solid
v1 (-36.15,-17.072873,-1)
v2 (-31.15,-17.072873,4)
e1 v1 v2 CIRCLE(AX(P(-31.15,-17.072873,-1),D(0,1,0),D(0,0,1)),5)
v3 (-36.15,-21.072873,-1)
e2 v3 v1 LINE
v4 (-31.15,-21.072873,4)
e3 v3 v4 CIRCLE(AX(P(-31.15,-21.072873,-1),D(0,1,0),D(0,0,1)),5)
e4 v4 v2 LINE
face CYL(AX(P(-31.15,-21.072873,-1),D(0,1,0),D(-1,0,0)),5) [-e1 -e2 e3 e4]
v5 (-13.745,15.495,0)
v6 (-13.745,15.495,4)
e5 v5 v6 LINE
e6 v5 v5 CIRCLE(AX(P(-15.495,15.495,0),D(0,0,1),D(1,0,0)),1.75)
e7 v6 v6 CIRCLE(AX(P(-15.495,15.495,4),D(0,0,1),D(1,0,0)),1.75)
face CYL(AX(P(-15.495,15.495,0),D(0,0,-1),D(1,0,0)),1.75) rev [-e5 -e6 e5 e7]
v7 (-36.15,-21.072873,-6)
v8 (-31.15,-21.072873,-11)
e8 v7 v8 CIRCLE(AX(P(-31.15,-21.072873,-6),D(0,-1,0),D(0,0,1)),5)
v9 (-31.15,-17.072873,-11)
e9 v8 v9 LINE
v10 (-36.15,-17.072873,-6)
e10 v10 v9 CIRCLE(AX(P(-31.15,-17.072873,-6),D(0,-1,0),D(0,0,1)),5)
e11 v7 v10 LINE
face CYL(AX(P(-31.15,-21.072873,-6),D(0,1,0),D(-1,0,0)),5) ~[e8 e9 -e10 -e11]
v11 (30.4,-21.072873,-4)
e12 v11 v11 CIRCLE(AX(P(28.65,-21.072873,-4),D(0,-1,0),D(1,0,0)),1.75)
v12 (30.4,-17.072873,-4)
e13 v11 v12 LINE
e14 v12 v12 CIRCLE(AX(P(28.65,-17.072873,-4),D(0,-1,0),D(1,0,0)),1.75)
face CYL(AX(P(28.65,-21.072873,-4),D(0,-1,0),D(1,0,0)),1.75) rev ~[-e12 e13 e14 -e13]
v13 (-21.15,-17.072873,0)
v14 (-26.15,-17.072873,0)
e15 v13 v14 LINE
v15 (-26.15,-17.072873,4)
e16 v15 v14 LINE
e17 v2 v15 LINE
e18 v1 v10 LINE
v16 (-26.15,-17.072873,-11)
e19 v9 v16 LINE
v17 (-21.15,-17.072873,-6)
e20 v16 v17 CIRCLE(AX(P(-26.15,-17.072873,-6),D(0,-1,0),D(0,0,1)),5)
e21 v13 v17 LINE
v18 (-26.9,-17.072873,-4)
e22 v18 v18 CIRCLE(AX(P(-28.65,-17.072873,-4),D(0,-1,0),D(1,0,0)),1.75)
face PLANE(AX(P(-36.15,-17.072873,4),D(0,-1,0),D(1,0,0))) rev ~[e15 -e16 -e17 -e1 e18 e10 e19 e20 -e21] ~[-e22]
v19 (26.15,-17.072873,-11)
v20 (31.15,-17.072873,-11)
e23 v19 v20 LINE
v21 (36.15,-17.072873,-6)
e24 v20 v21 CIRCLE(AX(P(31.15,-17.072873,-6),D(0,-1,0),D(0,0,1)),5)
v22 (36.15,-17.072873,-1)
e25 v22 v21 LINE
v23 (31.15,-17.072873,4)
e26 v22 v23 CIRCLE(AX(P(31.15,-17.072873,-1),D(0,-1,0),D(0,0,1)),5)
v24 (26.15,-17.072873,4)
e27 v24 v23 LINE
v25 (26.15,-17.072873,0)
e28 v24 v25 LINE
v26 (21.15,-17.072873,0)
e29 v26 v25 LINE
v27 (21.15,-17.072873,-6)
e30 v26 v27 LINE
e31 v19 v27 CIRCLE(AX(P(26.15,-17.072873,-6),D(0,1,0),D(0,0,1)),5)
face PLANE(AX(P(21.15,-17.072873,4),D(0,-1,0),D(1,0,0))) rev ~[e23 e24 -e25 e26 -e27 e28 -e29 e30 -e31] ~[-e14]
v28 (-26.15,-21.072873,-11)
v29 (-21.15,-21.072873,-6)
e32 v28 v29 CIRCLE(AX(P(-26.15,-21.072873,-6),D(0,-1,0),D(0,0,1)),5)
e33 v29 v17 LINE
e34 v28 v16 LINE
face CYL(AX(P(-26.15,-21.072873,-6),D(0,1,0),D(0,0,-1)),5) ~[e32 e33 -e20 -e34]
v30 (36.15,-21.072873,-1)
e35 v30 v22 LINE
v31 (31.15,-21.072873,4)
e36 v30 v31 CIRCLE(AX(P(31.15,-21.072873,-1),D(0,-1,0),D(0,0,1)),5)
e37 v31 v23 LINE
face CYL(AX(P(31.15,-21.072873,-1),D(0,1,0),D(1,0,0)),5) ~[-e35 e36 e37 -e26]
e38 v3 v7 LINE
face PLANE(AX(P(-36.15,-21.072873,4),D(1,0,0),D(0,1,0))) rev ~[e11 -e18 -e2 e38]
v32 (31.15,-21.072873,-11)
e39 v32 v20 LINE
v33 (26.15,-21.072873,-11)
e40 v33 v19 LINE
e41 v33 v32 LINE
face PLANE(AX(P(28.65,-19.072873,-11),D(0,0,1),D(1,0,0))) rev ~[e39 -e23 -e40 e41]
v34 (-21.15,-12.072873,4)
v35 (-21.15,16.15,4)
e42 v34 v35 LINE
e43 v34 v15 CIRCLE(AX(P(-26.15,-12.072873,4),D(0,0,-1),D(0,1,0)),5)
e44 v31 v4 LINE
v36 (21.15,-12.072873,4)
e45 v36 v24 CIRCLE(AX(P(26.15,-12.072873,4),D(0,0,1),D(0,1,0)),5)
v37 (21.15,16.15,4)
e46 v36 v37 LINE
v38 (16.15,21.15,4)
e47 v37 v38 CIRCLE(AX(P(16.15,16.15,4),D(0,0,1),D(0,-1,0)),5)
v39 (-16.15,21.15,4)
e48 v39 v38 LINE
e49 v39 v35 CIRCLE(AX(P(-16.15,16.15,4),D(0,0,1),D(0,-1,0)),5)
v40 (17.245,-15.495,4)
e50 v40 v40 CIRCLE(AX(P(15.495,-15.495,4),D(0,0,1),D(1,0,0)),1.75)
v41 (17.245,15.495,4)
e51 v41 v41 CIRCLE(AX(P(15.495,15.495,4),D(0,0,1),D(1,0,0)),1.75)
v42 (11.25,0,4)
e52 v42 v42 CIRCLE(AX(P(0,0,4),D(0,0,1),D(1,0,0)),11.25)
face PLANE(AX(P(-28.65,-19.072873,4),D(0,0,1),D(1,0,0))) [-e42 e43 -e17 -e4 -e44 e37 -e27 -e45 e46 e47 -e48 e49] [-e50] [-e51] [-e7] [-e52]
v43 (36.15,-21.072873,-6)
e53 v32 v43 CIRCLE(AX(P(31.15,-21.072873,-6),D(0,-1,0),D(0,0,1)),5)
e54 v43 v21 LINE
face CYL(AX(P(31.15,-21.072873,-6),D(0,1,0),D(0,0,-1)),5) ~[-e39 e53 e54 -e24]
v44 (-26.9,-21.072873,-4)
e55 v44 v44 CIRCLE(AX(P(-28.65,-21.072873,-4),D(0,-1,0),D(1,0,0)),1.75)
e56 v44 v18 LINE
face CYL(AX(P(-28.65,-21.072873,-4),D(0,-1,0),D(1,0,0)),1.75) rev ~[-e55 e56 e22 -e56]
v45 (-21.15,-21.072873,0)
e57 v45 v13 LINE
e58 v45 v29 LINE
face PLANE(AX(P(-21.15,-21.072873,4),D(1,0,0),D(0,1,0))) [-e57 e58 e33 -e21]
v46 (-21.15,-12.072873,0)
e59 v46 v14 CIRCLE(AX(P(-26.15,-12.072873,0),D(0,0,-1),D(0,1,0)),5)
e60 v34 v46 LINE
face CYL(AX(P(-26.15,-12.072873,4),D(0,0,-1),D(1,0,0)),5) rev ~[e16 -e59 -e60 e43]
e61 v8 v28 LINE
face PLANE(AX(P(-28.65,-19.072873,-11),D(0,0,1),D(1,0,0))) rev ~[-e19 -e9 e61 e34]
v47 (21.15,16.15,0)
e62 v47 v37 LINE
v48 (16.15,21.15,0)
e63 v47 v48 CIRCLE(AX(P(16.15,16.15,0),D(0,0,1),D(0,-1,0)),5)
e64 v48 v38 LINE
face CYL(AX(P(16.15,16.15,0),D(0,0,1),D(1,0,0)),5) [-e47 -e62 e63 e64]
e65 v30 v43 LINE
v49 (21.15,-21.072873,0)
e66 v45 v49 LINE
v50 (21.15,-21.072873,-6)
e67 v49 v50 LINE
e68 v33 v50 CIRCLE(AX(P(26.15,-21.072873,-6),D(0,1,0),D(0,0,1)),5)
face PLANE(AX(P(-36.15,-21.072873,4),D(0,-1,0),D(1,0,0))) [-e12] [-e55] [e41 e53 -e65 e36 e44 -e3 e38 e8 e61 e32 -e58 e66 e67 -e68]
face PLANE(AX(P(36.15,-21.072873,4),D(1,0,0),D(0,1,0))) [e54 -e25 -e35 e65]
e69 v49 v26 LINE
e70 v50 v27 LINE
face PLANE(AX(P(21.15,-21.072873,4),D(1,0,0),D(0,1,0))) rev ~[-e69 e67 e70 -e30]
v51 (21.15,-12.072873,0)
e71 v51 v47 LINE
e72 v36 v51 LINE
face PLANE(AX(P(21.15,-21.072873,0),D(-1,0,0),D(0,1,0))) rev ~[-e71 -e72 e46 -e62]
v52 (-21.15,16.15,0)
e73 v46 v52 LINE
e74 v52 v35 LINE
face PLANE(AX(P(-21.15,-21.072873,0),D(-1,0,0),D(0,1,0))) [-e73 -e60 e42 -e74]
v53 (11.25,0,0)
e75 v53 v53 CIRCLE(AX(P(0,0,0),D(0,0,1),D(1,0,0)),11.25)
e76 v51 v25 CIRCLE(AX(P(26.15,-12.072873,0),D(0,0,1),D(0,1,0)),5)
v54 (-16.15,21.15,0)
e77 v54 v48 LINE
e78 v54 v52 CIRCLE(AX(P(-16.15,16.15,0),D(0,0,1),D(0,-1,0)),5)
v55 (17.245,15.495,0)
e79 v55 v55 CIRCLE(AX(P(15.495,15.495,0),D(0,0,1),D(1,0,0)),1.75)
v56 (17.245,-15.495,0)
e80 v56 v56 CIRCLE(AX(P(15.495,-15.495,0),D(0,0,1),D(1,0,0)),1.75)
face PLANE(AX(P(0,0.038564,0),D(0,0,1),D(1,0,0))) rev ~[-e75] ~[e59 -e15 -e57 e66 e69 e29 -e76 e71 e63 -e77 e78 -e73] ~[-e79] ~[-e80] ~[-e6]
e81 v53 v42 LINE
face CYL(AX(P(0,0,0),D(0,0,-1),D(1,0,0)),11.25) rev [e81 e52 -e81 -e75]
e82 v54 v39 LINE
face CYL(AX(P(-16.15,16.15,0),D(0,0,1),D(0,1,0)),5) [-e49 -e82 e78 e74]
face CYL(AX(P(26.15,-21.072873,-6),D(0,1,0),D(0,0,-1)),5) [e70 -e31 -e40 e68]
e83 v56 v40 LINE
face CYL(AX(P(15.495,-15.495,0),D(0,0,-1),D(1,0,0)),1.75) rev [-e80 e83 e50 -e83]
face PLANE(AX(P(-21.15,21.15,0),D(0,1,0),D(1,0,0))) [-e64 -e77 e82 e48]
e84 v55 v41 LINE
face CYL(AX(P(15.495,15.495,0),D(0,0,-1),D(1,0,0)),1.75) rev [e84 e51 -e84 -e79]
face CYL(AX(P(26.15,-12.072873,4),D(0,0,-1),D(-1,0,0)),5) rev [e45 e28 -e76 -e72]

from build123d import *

# Parameters (mm, degrees)
F0_W     = 42.3
F0_H     = 42.2228726387
F0_R     = 1.75
F0_R_2   = 11.25
F1_DEPTH = 4
F2_W     = 15
F2_H     = 4
F3_DEPTH = 15
F4_R     = 5
F5_R     = 1.75
F6_DEPTH = 4


with BuildPart() as f1:
    # F0 (on Top) → F1 (new body)
    with BuildSketch(Plane.XY):
        with Locations((0, 0.0385636806)):
            Rectangle(F0_W, F0_H)
        with Locations((15.495, -15.495)):
            Circle(F0_R, mode=Mode.SUBTRACT)
        Circle(F0_R_2, mode=Mode.SUBTRACT)
        with Locations((-15.495, 15.495)):
            Circle(F0_R, mode=Mode.SUBTRACT)
        with Locations((15.495, 15.495)):
            Circle(F0_R, mode=Mode.SUBTRACT)
    extrude(amount=F1_DEPTH)

    # F2 (on face) → F3 (join)
    with BuildSketch(Plane.XY.offset(4)):
        with Locations((-28.65, -19.0728726387)):
            Rectangle(F2_W, F2_H)
        with Locations((28.65, -19.0728726387)):
            Rectangle(F2_W, F2_H)
    extrude(amount=-F3_DEPTH)

    # F4
    f4_edges = [f1.edges().sort_by_distance(p)[0] for p in [
        (21.15, 21.15, 2),
        (-21.15, 21.15, 2),
        (-21.15, -17.072873, 2),
        (21.15, -17.072873, 2),
        (36.15, -19.072873, 4),
        (-36.15, -19.072873, 4),
        (36.15, -19.072873, -11),
        (21.15, -19.072873, -11),
        (-21.15, -19.072873, -11),
        (-36.15, -19.072873, -11),
    ]]
    fillet(f4_edges, radius=F4_R)

    # F5 (on face) → F6 (cut, through all)
    with BuildSketch(Plane.XZ.offset(21.0728726387)):
        with Locations((-28.65, -4)):
            Circle(F5_R)
        with Locations((28.65, -4)):
            Circle(F5_R)
    extrude(amount=-F6_DEPTH, mode=Mode.SUBTRACT)


solid = f1.part
